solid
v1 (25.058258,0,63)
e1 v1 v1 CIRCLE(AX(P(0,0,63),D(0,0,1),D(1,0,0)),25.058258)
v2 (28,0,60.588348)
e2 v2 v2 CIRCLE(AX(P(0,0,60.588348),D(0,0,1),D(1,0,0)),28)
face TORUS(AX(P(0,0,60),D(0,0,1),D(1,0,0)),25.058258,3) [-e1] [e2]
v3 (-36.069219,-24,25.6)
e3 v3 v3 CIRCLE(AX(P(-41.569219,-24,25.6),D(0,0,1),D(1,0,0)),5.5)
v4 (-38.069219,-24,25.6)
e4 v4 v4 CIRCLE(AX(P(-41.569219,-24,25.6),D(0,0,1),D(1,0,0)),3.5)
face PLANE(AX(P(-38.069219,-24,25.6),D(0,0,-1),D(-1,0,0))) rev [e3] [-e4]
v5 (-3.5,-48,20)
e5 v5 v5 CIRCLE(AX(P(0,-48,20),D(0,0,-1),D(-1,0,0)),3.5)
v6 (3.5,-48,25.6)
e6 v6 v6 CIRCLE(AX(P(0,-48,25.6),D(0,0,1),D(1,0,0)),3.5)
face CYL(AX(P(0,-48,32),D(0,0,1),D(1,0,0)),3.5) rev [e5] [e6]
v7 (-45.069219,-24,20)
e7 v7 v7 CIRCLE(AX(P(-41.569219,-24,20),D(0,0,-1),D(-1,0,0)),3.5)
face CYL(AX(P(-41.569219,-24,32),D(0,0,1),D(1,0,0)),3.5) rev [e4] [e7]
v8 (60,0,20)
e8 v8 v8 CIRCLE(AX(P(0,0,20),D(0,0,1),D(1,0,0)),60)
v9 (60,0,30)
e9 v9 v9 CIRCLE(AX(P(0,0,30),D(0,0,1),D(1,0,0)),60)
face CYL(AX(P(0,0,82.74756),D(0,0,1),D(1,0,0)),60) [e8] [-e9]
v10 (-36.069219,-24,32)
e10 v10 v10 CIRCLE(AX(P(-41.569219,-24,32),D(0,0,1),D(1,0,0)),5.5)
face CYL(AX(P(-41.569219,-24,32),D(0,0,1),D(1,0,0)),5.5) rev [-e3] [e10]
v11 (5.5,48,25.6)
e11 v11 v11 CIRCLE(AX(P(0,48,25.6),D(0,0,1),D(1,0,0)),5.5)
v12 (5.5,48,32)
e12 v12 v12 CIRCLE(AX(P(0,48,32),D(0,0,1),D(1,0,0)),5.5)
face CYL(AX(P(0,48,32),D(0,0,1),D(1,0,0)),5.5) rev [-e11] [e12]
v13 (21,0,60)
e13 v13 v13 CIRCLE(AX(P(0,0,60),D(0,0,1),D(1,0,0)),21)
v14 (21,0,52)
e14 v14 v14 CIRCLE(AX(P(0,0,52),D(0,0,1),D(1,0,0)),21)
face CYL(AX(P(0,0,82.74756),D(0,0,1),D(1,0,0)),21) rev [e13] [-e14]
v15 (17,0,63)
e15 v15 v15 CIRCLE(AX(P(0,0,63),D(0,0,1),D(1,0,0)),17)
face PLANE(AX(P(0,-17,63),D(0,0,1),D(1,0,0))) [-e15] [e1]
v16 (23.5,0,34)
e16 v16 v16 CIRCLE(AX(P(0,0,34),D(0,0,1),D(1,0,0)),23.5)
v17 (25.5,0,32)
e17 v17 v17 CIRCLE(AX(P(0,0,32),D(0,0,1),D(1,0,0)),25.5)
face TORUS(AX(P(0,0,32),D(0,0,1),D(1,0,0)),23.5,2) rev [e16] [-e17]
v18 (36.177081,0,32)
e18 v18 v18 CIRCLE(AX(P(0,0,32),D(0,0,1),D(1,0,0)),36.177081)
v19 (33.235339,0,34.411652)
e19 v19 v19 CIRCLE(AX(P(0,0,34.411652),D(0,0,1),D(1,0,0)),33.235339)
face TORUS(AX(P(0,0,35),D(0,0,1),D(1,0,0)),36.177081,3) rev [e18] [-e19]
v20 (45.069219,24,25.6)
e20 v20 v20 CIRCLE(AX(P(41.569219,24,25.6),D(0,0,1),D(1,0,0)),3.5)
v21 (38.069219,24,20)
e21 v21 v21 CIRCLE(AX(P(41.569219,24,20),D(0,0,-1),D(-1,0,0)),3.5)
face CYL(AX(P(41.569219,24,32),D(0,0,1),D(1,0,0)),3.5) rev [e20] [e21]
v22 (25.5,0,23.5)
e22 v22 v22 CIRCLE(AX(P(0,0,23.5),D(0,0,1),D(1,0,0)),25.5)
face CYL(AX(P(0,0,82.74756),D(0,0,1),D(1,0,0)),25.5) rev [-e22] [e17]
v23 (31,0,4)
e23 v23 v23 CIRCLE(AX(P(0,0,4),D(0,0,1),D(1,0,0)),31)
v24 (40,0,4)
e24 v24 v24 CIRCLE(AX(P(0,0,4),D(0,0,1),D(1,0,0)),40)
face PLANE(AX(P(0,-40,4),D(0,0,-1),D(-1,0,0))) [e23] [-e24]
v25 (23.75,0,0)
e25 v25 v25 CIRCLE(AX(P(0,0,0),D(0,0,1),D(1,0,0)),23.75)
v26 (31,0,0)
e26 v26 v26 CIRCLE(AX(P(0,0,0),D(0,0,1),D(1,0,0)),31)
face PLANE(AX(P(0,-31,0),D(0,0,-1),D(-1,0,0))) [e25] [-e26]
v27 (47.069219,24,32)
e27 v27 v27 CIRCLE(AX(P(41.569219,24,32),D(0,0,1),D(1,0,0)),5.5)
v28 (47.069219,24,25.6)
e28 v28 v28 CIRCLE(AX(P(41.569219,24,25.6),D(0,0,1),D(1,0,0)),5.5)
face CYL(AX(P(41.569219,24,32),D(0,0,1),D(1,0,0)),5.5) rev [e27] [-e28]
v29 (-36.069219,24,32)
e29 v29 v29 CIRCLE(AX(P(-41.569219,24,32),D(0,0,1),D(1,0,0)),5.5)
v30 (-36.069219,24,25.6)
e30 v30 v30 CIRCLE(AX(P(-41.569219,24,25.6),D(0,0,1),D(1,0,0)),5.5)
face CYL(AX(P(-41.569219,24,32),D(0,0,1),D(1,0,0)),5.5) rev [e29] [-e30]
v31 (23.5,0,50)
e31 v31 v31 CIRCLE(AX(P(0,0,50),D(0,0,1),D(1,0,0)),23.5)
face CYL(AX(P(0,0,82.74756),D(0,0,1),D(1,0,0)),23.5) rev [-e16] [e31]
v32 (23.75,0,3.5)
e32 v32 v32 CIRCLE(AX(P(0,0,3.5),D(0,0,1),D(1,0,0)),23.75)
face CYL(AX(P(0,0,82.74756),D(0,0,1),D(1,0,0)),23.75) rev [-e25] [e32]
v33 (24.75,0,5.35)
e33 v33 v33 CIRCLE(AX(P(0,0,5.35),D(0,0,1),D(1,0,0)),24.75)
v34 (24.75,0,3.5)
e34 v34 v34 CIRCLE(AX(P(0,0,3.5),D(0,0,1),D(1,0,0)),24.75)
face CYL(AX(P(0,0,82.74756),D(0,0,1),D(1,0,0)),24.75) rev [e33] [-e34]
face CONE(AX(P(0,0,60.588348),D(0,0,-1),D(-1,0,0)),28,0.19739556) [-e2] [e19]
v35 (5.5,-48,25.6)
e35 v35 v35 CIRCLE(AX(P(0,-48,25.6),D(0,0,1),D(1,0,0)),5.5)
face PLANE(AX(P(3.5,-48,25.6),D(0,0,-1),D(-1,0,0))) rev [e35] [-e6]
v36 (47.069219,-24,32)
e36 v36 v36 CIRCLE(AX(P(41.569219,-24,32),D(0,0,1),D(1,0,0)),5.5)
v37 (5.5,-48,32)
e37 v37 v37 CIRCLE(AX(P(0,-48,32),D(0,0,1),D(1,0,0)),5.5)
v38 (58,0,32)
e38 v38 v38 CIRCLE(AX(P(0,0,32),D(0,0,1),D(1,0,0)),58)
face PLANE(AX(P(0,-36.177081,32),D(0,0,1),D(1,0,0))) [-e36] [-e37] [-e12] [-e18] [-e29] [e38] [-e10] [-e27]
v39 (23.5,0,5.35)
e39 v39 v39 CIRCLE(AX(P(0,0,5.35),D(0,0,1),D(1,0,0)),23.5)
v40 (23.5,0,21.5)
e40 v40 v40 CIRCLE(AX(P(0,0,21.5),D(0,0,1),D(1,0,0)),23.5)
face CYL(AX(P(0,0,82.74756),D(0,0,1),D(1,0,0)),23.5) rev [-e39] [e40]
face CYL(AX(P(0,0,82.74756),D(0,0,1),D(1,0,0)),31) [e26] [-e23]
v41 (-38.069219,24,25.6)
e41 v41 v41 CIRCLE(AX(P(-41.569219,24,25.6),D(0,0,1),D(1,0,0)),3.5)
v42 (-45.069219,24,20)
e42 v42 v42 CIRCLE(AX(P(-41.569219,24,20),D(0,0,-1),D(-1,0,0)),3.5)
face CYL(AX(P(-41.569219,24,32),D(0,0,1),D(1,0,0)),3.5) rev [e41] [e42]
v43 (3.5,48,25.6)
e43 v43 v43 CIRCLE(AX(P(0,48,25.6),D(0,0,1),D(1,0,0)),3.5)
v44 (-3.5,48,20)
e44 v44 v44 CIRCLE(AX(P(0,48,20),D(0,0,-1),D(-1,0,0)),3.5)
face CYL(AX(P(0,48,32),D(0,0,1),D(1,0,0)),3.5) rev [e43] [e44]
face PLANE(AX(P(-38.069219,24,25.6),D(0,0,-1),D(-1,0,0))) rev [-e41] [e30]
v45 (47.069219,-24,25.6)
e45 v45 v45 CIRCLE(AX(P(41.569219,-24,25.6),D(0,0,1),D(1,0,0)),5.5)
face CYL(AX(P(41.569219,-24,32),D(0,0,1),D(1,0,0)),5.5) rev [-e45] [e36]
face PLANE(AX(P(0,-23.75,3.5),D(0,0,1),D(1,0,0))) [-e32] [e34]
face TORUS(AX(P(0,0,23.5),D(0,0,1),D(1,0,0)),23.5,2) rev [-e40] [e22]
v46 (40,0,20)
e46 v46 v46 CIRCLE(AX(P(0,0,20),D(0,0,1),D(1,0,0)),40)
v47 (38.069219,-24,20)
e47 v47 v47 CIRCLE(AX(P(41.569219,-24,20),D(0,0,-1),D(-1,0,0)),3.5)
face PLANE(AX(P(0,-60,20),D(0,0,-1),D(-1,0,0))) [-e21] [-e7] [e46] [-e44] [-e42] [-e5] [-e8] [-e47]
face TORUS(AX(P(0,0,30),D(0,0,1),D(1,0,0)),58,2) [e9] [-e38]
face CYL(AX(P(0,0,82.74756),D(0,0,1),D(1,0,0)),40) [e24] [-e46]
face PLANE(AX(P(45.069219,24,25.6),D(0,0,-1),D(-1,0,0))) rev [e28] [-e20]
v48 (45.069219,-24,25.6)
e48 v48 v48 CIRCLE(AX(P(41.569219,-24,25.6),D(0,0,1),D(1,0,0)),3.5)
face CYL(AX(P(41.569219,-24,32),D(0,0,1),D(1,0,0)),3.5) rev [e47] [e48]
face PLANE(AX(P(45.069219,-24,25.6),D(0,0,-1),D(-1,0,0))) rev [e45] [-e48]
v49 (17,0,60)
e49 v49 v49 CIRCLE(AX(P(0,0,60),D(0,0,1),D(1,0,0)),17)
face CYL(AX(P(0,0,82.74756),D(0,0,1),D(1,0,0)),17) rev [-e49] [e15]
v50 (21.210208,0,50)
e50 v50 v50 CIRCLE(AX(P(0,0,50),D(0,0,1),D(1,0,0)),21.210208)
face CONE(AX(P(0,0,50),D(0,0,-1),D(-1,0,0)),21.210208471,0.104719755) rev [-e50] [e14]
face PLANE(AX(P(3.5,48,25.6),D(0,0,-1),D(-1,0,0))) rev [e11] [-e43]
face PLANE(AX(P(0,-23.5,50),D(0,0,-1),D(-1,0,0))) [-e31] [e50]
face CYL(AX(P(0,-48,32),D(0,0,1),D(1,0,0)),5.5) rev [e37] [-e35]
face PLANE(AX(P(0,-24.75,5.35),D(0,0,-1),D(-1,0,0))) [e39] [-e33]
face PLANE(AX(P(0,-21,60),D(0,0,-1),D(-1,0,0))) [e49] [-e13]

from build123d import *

# Parameters (mm, degrees)
HOLE1_D           = 7
HOLE1_DEPTH       = 12
HOLE1_CBORE_D     = 11
HOLE1_CBORE_DEPTH = 6.4
CIRPATTERN1_COUNT = 6


with BuildPart() as part:
    # Sketch1 → Revolve1 (revolve)
    with BuildSketch(Plane(origin=(0, 0, 0), x_dir=(0, 0, -1), z_dir=(1, 0, 0))):
        with BuildLine():
            Line((-63, -17), (-63, -25.058257973))
            ThreePointArc((-63, -25.058257973), (-62.320026424, -26.96022469), (-60.588348405, -28))
            Line((-60.588348405, -28), (-34.411651595, -33.235339362))
            ThreePointArc((-34.411651595, -33.235339362), (-32.679973576, -34.275114672), (-32, -36.177081389))
            Line((-32, -36.177081389), (-32, -58))
            ThreePointArc((-32, -58), (-31.414213562, -59.414213562), (-30, -60))
            Line((-30, -60), (-20, -60))
            Line((-20, -60), (-20, -40))
            Line((-20, -40), (-4, -40))
            Line((-4, -40), (-4, -31))
            Line((-4, -31), (0, -31))
            Line((0, -31), (0, -23.75))
            Line((0, -23.75), (-3.5, -23.75))
            Line((-3.5, -23.75), (-3.5, -24.75))
            Line((-3.5, -24.75), (-5.35, -24.75))
            Line((-5.35, -24.75), (-5.35, -23.5))
            Line((-5.35, -23.5), (-21.5, -23.5))
            ThreePointArc((-21.5, -23.5), (-22.085786438, -24.914213562), (-23.5, -25.5))
            Line((-23.5, -25.5), (-32, -25.5))
            ThreePointArc((-32, -25.5), (-33.414213562, -24.914213562), (-34, -23.5))
            Line((-34, -23.5), (-50, -23.5))
            Line((-50, -23.5), (-50, -21.210208471))
            Line((-50, -21.210208471), (-52, -21))
            Line((-52, -21), (-60, -21))
            Line((-60, -21), (-60, -17))
            Line((-60, -17), (-63, -17))
        make_face()
    revolve(axis=Axis((0, 0, 82.747560133), (0, 0, -1)))

    # Hole1
    with Locations(Plane.XY.offset(32)):
        with Locations((0, 48)):
            hole1 = CounterBoreHole(HOLE1_D / 2, HOLE1_CBORE_D / 2, HOLE1_CBORE_DEPTH, depth=HOLE1_DEPTH)

    # CirPattern1: Hole1 ×6 about axis
    cirpattern1_axis = Axis((0, 0, 0), (0, 0, 1))
    for i in range(1, CIRPATTERN1_COUNT):
        add(hole1.rotate(cirpattern1_axis, i * 360 / CIRPATTERN1_COUNT), mode=Mode.SUBTRACT)


solid = part.part
